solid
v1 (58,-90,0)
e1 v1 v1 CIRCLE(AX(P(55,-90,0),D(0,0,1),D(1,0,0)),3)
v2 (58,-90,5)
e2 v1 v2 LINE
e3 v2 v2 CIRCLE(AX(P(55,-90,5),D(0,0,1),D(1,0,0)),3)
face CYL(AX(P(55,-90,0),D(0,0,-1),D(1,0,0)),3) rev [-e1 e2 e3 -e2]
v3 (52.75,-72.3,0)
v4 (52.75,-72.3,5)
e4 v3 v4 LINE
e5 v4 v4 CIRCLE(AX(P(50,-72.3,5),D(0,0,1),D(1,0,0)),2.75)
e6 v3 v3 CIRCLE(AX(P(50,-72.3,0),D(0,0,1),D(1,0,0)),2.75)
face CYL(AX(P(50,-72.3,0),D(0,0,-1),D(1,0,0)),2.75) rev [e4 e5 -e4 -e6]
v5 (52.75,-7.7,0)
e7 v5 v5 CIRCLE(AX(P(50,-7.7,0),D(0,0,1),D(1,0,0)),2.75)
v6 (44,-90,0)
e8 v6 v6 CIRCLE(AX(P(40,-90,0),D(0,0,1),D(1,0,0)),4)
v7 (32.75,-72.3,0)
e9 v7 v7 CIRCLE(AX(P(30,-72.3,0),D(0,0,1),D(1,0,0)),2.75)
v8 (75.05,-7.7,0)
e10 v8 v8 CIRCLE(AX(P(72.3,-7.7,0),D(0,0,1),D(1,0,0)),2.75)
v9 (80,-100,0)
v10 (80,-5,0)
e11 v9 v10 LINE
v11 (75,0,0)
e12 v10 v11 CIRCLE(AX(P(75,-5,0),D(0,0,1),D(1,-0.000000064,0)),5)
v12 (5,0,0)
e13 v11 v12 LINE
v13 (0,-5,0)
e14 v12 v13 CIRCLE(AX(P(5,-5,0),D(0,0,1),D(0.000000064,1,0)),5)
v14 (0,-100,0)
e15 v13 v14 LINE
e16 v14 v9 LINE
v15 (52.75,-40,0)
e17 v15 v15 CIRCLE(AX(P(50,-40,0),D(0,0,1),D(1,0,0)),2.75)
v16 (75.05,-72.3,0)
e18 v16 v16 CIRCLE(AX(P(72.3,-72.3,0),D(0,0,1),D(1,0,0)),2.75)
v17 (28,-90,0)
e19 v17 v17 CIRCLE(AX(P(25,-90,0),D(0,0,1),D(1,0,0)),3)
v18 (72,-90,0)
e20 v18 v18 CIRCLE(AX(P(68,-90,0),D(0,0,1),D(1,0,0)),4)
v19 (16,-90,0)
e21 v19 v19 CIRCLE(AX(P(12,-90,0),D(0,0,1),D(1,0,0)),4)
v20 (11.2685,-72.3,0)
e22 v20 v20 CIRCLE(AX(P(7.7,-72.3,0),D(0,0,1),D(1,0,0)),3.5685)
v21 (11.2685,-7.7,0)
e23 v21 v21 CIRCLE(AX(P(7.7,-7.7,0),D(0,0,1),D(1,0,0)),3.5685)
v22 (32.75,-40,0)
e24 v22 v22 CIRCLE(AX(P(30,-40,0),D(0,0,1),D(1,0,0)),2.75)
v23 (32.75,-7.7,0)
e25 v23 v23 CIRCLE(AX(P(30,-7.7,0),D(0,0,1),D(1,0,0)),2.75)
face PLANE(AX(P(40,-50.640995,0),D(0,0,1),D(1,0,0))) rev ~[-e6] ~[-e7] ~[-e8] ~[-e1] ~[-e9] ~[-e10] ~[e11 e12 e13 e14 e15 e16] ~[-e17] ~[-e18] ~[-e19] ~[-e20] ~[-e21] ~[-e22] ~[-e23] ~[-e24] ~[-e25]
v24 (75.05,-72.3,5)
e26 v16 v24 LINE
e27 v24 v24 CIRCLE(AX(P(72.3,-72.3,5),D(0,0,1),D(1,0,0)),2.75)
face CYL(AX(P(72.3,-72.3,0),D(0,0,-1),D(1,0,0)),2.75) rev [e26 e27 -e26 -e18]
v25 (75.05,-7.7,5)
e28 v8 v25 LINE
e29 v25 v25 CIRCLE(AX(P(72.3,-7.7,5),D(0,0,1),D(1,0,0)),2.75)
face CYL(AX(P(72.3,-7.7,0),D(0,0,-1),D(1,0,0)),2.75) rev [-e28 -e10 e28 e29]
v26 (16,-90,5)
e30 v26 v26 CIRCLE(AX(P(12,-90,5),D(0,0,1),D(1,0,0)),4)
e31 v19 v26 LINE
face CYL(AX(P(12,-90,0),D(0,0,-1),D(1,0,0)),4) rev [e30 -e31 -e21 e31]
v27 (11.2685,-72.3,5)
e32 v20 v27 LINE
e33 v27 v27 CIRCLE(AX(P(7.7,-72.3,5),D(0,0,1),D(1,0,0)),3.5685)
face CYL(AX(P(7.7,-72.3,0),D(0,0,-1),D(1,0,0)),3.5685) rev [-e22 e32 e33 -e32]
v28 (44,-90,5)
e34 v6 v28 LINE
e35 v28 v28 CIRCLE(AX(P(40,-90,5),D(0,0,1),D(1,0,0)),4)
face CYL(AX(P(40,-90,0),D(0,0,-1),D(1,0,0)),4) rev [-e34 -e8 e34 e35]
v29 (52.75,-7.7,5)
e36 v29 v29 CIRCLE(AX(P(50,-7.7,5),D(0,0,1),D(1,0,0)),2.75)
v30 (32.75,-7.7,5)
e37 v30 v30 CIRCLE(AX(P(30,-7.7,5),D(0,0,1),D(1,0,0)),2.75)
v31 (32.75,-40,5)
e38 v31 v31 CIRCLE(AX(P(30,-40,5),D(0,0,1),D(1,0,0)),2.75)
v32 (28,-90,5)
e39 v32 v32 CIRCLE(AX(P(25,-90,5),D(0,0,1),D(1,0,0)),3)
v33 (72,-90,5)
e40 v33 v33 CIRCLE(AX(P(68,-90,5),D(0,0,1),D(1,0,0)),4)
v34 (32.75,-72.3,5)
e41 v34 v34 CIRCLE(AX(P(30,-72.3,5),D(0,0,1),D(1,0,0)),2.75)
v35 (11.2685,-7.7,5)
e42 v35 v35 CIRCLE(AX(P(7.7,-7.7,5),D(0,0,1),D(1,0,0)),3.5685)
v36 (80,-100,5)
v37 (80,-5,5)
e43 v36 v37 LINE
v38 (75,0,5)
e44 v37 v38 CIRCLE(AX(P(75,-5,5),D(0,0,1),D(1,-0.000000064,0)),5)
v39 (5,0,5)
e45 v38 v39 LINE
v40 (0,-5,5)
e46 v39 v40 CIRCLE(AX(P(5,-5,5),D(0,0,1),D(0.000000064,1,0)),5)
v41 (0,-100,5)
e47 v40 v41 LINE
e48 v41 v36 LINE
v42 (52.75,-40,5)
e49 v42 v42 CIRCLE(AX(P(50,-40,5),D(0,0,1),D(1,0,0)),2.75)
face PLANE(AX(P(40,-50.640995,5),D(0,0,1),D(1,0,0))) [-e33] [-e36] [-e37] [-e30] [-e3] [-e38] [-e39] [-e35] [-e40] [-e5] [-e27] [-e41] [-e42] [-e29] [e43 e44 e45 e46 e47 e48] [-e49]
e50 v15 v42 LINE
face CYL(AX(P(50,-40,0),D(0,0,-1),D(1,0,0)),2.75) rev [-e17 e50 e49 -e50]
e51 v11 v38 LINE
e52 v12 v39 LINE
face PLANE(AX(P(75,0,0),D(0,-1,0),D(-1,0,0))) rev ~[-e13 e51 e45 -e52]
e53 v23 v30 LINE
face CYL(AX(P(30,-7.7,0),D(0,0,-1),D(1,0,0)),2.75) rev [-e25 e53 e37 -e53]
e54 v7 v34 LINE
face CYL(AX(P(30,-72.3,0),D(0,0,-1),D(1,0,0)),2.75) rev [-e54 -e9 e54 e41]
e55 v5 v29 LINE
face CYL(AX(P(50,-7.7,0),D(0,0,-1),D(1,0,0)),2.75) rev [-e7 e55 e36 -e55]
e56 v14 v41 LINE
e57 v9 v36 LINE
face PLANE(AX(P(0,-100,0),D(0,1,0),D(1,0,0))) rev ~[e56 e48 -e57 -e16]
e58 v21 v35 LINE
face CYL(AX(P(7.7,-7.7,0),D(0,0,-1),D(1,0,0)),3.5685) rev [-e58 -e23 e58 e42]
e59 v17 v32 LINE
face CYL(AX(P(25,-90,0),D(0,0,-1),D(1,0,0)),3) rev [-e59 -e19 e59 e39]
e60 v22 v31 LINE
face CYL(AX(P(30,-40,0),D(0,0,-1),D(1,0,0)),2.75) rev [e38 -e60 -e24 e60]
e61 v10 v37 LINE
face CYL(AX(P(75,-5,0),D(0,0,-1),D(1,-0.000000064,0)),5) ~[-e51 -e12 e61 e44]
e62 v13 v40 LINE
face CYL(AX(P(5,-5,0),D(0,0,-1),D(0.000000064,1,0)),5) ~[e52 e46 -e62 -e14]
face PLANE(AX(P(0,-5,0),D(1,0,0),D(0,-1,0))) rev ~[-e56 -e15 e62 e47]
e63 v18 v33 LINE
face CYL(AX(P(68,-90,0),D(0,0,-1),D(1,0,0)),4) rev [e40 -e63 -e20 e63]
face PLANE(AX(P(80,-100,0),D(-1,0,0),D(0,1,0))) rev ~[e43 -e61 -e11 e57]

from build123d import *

# Parameters (mm, degrees)
F0_R     = 4
F0_R_2   = 3
F0_R_3   = 3.5685
F0_R_4   = 2.75
F1_DEPTH = 5


with BuildPart() as f1:
    # F0 (on Top) → F1 (new body)
    with BuildSketch(Plane.XY):
        with BuildLine():
            Line((40, 0), (5, 0))
            ThreePointArc((5, 0), (1.464466, -1.464466), (0, -5))
            Line((0, -5), (0, -100))
            Line((0, -100), (80, -100))
            Line((80, -100), (80, -5))
            ThreePointArc((80, -5), (78.535534, -1.464466), (75, 0))
            Line((75, 0), (40, 0))
        make_face()
        with Locations((12, -90)):
            Circle(F0_R, mode=Mode.SUBTRACT)
        with Locations((25, -90)):
            Circle(F0_R_2, mode=Mode.SUBTRACT)
        with Locations((7.7, -72.3)):
            Circle(F0_R_3, mode=Mode.SUBTRACT)
        with Locations((30, -72.3)):
            Circle(F0_R_4, mode=Mode.SUBTRACT)
        with Locations((40, -90)):
            Circle(F0_R, mode=Mode.SUBTRACT)
        with Locations((55, -90)):
            Circle(F0_R_2, mode=Mode.SUBTRACT)
        with Locations((68, -90)):
            Circle(F0_R, mode=Mode.SUBTRACT)
        with Locations((50, -72.3)):
            Circle(F0_R_4, mode=Mode.SUBTRACT)
        with Locations((72.3, -72.3)):
            Circle(F0_R_4, mode=Mode.SUBTRACT)
        with Locations((30, -40)):
            Circle(F0_R_4, mode=Mode.SUBTRACT)
        with Locations((7.7, -7.7)):
            Circle(F0_R_3, mode=Mode.SUBTRACT)
        with Locations((30, -7.7)):
            Circle(F0_R_4, mode=Mode.SUBTRACT)
        with Locations((50, -40)):
            Circle(F0_R_4, mode=Mode.SUBTRACT)
        with Locations((50, -7.7)):
            Circle(F0_R_4, mode=Mode.SUBTRACT)
        with Locations((72.3, -7.7)):
            Circle(F0_R_4, mode=Mode.SUBTRACT)
    extrude(amount=F1_DEPTH)


solid = f1.part
